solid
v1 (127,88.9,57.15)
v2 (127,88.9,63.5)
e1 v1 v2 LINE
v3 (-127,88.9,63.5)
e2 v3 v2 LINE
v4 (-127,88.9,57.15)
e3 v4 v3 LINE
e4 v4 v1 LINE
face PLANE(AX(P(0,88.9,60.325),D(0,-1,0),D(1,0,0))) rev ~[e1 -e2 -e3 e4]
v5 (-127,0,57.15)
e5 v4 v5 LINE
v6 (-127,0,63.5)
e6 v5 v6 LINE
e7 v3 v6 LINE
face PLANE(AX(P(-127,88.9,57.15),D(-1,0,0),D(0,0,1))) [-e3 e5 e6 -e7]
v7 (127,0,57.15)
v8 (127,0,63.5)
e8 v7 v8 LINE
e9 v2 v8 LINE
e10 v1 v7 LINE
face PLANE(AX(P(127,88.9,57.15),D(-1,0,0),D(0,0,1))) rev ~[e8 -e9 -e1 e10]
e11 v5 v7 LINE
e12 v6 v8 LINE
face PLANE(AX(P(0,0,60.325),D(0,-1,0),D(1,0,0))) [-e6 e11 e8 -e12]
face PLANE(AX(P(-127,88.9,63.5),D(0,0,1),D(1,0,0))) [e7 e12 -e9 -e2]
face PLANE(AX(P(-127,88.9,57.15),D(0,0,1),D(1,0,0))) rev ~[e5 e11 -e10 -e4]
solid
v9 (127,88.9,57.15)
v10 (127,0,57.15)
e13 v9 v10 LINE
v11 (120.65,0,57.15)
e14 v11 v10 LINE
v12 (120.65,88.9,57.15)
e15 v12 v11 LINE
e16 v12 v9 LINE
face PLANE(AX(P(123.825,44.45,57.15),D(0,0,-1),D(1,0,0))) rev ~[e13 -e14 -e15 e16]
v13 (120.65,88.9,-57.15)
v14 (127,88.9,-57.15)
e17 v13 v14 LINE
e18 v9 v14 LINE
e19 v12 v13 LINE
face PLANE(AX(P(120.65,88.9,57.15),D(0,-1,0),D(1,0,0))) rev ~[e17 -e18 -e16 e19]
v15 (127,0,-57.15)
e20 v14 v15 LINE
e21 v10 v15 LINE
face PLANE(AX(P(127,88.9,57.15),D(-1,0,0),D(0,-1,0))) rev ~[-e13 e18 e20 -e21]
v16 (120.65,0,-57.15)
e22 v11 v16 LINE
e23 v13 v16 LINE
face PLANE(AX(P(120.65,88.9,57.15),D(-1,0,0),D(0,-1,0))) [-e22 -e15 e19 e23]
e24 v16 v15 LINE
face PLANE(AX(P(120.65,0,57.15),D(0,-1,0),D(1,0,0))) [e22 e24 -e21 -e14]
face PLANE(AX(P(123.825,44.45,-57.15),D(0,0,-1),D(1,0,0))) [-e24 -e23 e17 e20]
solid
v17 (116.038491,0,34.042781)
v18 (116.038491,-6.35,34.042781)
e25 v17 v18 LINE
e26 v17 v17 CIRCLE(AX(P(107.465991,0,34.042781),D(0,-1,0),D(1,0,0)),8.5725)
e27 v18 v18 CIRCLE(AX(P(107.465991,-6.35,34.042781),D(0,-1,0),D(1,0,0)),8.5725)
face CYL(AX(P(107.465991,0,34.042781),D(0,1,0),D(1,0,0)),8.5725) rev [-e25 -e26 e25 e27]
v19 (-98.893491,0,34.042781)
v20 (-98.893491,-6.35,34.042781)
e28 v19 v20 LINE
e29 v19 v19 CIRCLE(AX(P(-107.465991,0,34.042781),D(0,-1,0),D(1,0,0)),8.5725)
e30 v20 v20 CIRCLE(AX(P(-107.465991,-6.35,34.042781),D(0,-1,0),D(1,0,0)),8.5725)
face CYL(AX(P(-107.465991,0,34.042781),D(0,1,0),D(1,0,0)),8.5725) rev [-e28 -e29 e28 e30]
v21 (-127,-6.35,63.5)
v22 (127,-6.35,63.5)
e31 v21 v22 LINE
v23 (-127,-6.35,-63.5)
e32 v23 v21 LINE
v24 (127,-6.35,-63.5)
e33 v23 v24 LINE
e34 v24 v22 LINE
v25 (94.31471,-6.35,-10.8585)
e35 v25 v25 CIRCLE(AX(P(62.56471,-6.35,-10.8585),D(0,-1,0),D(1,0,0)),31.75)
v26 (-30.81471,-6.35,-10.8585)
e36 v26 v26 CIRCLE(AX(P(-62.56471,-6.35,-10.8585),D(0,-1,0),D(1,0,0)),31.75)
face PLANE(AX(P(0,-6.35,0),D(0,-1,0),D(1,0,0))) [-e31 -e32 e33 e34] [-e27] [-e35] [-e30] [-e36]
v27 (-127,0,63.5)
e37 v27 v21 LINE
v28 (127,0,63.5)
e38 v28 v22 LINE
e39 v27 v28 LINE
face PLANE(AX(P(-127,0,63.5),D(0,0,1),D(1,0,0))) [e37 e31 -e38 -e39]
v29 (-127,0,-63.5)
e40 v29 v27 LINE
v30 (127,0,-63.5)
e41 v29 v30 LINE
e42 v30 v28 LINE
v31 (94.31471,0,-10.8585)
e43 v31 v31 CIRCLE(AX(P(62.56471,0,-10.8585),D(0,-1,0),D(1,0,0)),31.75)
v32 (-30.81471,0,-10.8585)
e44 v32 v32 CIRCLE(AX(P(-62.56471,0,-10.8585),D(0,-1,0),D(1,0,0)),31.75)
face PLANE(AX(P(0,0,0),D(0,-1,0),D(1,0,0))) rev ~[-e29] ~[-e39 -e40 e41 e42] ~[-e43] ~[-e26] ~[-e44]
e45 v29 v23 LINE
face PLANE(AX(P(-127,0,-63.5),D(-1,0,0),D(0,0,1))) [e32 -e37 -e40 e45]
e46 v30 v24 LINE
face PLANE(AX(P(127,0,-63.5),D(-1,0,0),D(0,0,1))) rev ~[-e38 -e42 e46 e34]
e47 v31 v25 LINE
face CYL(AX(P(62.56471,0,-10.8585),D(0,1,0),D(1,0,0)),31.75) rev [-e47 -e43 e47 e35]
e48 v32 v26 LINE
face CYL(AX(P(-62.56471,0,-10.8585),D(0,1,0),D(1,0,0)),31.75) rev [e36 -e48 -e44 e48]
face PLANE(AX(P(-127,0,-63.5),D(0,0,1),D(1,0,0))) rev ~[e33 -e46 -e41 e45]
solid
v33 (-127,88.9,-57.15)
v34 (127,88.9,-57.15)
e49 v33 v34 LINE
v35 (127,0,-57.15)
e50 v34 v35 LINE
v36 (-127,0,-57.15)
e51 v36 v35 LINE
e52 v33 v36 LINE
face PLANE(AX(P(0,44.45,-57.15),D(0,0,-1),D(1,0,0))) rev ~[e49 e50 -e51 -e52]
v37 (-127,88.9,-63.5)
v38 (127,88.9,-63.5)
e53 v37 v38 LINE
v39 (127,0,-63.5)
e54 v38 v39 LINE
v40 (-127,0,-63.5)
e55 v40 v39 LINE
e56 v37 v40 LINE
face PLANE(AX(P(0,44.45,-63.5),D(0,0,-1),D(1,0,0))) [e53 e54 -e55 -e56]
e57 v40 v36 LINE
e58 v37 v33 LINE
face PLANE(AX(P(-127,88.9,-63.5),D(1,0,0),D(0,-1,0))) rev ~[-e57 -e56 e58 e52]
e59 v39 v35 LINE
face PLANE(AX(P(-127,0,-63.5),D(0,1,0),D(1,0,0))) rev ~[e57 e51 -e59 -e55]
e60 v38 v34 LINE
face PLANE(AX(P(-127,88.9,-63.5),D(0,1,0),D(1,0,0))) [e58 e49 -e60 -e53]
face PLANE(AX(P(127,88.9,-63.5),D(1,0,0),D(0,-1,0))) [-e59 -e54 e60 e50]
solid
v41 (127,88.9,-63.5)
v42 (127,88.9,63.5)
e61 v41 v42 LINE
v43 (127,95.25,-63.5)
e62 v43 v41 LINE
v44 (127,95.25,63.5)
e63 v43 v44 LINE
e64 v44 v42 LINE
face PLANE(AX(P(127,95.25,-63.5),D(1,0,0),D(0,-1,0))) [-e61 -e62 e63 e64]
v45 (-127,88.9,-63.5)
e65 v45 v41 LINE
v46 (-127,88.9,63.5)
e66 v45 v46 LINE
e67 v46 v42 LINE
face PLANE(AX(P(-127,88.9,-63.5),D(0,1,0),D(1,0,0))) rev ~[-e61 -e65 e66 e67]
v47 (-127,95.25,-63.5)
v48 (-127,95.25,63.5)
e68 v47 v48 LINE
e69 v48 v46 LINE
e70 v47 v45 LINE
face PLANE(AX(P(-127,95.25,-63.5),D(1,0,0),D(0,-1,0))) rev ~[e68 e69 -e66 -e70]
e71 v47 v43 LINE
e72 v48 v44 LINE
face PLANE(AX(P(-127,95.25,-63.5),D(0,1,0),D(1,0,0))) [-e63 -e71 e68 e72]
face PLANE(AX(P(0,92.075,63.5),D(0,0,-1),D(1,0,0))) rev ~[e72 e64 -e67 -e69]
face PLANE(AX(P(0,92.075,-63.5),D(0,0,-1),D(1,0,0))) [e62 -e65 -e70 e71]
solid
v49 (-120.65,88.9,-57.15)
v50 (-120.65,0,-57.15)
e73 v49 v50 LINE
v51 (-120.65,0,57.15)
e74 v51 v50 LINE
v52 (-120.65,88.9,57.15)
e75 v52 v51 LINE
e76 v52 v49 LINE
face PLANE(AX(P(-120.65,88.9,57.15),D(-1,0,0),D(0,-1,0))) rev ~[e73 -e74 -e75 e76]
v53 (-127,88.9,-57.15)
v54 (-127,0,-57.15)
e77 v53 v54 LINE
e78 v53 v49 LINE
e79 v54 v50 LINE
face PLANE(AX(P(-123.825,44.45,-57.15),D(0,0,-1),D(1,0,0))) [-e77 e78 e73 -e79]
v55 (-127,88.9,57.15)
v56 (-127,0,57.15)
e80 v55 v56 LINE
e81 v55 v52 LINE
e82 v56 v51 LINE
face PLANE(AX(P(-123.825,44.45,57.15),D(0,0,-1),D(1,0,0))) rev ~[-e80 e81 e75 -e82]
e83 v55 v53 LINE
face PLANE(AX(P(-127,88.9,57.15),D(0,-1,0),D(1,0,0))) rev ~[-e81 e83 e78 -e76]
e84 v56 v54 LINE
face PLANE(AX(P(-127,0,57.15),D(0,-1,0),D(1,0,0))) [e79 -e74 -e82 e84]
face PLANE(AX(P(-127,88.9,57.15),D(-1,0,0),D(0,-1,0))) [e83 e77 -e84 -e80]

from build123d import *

# Parameters (mm, degrees)
F0_W     = 254
F0_H     = 127
F0_R     = 31.75
F0_R_2   = 8.5725
F1_DEPTH = 6.35
F2_W     = 254
F2_H     = 88.9
F3_DEPTH = 6.35
F4_W     = 254
F4_H     = 6.35
F5_DEPTH = 127
F6_W     = 254
F6_H     = 6.35
F7_DEPTH = 88.9
F8_W     = 6.35
F8_H     = 88.9
F9_DEPTH = 114.3


with BuildPart() as f1:
    # F0 (on Front) → F1 (new body)
    with BuildSketch(Plane.XZ):
        Rectangle(F0_W, F0_H)
        with Locations((-62.5647103226, -10.8585)):
            Circle(F0_R, mode=Mode.SUBTRACT)
        with Locations((62.5647103226, -10.8585)):
            Circle(F0_R, mode=Mode.SUBTRACT)
        with Locations((-107.4659909279, 34.0427806053)):
            Circle(F0_R_2, mode=Mode.SUBTRACT)
        with Locations((107.4659909279, 34.0427806053)):
            Circle(F0_R_2, mode=Mode.SUBTRACT)
    extrude(amount=F1_DEPTH)


with BuildPart() as f3:
    # F2 (on face) → F3 (new body)
    with BuildSketch(Plane(origin=(0, 0, -63.5), x_dir=(1, 0, 0), z_dir=(0, 0, -1))):
        with Locations((0, -44.45)):
            Rectangle(F2_W, F2_H)
    extrude(amount=-F3_DEPTH)


with BuildPart() as f5:
    # F4 (on face) → F5 (new body)
    with BuildSketch(Plane(origin=(0, 0, -63.5), x_dir=(1, 0, 0), z_dir=(0, 0, -1))):
        with Locations((0, -92.075)):
            Rectangle(F4_W, F4_H)
    extrude(amount=-F5_DEPTH)


with BuildPart() as f7:
    # F6 (on face) → F7 (new body, through all)
    with BuildSketch(Plane.XZ.offset(-88.9)):
        with Locations((0, 60.325)):
            Rectangle(F6_W, F6_H)
    extrude(amount=F7_DEPTH)


with BuildPart() as f9:
    # F8 (on face) → F9 (new body, through all)
    with BuildSketch(Plane(origin=(0, 0, 57.15), x_dir=(1, 0, 0), z_dir=(0, 0, -1))):
        with Locations((-123.825, -44.45)):
            Rectangle(F8_W, F8_H)
    extrude(amount=F9_DEPTH)


with BuildPart() as f9b:
    # F8 (on face) → F9, piece 2 (new body, through all)
    with BuildSketch(Plane(origin=(0, 0, 57.15), x_dir=(1, 0, 0), z_dir=(0, 0, -1))):
        with Locations((123.825, -44.45)):
            Rectangle(F8_W, F8_H)
    extrude(amount=F9_DEPTH)


solid = Compound([f1.part, f3.part, f5.part, f7.part, f9.part, f9b.part])
